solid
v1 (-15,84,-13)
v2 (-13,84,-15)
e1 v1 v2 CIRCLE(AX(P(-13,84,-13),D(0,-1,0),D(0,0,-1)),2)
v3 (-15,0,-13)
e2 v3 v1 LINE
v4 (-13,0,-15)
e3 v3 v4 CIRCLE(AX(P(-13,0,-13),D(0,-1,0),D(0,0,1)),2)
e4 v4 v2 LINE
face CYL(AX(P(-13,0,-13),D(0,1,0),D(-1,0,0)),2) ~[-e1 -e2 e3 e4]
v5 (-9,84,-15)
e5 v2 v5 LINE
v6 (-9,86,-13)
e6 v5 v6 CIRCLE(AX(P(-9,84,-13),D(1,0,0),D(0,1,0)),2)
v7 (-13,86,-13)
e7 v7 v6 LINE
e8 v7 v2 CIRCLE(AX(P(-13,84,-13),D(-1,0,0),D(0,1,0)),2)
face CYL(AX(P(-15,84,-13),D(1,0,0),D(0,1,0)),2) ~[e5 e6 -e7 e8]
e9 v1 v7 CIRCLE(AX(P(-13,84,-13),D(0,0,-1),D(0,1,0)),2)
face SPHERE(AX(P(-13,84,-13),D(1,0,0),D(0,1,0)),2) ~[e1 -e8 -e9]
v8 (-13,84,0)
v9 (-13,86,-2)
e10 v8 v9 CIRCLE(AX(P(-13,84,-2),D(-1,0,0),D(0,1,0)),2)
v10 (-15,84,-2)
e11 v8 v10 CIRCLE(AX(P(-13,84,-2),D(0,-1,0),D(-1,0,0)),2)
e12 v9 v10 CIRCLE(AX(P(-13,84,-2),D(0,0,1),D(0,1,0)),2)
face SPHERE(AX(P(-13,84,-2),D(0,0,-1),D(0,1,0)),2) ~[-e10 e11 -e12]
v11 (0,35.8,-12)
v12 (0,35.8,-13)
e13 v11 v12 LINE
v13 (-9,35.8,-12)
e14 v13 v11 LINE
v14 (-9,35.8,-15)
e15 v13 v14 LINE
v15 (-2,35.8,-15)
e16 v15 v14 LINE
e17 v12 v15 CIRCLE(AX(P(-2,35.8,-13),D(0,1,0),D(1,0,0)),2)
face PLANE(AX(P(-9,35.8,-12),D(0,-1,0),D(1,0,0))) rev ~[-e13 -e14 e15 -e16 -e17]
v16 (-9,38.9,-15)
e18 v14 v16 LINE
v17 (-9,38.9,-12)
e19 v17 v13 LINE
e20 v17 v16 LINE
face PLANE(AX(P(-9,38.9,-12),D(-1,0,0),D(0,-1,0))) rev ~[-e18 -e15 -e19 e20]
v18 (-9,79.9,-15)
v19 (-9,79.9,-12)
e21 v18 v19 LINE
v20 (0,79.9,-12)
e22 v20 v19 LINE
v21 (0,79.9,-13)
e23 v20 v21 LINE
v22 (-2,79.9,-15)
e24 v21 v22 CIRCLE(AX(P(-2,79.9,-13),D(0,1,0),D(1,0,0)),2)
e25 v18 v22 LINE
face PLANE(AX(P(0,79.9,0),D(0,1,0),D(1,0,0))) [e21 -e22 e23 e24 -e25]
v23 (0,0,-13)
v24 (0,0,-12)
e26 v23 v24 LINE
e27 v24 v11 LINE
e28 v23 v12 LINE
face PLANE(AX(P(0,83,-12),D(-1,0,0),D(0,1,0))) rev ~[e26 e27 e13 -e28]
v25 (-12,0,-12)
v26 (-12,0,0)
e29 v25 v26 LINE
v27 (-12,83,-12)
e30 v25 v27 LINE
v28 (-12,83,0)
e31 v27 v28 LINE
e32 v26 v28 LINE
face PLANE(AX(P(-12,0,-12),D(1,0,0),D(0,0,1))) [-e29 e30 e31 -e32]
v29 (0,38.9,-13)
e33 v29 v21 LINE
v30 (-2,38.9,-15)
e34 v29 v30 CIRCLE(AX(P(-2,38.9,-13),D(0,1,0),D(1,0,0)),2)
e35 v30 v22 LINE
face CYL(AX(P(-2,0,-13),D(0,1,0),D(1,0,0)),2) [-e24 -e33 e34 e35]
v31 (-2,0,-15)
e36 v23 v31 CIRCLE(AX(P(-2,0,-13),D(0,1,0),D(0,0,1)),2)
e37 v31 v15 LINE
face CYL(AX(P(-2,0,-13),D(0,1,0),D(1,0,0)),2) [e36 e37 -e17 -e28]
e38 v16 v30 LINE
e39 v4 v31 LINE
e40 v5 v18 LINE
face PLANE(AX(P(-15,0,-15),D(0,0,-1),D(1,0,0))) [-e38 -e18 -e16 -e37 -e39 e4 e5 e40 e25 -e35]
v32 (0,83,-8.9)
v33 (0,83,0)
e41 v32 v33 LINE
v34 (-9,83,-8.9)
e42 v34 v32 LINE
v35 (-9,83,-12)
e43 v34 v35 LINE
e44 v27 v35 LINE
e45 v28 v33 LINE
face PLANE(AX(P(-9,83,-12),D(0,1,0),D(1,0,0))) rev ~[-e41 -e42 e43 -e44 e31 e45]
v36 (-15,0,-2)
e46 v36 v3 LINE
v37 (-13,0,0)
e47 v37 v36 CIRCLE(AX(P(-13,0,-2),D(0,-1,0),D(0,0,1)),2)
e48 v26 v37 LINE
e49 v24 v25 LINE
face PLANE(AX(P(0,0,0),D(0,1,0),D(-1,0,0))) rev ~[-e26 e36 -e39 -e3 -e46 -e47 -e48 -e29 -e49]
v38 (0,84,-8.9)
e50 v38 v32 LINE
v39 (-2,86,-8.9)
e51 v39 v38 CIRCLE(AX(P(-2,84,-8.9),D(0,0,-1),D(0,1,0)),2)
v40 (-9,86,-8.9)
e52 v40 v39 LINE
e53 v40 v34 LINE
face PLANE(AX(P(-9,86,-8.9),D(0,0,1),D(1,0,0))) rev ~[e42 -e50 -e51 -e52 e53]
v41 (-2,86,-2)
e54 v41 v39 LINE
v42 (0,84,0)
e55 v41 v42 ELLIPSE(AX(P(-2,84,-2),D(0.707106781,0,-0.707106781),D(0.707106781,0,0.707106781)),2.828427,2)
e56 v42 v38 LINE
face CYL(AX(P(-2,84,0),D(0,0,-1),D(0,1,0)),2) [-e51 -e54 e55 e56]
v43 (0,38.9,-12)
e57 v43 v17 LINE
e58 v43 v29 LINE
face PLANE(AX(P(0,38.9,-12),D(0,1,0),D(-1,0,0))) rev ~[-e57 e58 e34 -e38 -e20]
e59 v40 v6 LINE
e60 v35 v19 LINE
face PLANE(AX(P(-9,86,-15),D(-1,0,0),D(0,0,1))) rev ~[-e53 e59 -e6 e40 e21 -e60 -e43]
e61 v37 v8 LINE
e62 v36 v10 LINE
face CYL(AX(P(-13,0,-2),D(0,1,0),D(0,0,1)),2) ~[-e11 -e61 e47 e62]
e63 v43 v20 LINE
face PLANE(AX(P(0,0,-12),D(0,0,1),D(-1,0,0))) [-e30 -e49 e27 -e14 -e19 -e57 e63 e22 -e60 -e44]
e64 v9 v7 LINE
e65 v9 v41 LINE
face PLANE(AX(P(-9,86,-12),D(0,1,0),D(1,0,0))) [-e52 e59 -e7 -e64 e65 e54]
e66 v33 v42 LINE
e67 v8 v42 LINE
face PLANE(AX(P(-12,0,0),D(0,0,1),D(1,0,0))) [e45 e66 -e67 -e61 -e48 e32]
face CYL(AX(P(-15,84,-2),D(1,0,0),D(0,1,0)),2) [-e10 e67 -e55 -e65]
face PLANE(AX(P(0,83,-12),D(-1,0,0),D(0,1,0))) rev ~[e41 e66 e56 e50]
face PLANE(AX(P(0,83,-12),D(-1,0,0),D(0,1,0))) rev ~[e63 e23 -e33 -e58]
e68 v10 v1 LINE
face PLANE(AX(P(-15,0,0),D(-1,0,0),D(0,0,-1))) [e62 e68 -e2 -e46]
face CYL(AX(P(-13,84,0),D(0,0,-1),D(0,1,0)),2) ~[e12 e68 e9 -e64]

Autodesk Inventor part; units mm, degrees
ref_plane "YZ Plane" through (0, 0, 0) normal (1, 0, 0) x (0, 1, 0)
ref_plane "XZ Plane" through (0, 0, 0) normal (0, 1, 0) x (-1, 0, 0)
ref_plane "XY Plane" through (0, 0, 0) normal (0, 0, 1) x (1, 0, 0)
sketch "Sketch1" plane through (0, 0, 0) normal (0, 1, 0) x (-1, 0, 0)
  line L0 (15, 0) -> (15, -15)
  line L1 (15, -15) -> (0, -15)
  line L2 (0, -15) -> (0, -12)
  line L3 (0, -12) -> (12, -12)
  line L4 (12, -12) -> (12, 0)
  line L5 (12, 0) -> (15, 0)
  point P0 (0, 0)
  dimension "d0" = 15
  dimension "d1" = 15
  dimension "d10" = 3
  dimension "d11" = 12
  dimension "d12" = 12
extrude "Extrusion1" add sketch "Sketch1" along normal blind 86
sketch "Sketch4" plane through (-12, 0, 0) normal (1, 0, 0) x (0, 0, -1)
  line L0 (0, 0) -> (0, 86) projected
  line L1 (12, 0) -> (12, 86) projected
  line L2 (0, 86) -> (12, 86)
  line L3 (12, 86) -> (12, 83)
  line L4 (12, 83) -> (0, 83)
  line L5 (0, 83) -> (0, 86)
  dimension "d13" = 3
extrude "Extrusion3" add sketch "Sketch4" along normal blind 3
sketch "Sketch6" plane through (-12, 0, -12) normal (0, 0, 1) x (1, 0, 0)
  line L0 (3, 86) -> (12, 86) projected
  line L1 (12, 86) -> (3, 86)
  line L2 (3, 86) -> (3, 83)
  line L3 (3, 83) -> (12, 83)
  line L4 (12, 83) -> (12, 86)
  point P0 (12, 0)
extrude "Extrusion4" add sketch "Sketch6" along normal blind 12
fillet "Fillet3" radius 2 7 edges at (-7.5, 86, -15) (-15, 86, -7.5) (-15, 43, -15) (0, 43, -15) (-7.5, 86, 0) (0, 86, -7.5) (-15, 43, 0)
sketch "Sketch11" plane through (0, 86, 0) normal (0, 1, 0) x (1, 0, 0)
  arc A0 (-15, 2) -> (-13, 0) centre (-13, 2) ccw projected
  line L0 (0, 10.8348) -> (0, 14)
  line L1 (0, 9) -> (0, 10.8348)
  line L2 (-9, 15) -> (0, 15)
  line L3 (0, 15) -> (0, 9)
  line L4 (-9, 15) -> (-9, 9)
  line L5 (-9, 9) -> (-9, 8.9)
  line L6 (-9, 8.9) -> (0, 8.9)
  line L7 (0, 8.9) -> (0, 9)
  point P0 (-13, 0)
  point P1 (0, 15)
extrude "Extrusion7" cut sketch "Sketch11" against normal blind 6.1
sketch "Sketch12" plane through (-12, 0, -12) normal (0, 0, 1) x (1, 0, 0)
  line L0 (12, 33) -> (21, 33) construction
  line L1 (3, 38.9) -> (3, 35.8)
  line L2 (3, 35.8) -> (12, 35.8)
  line L3 (3, 35.8) -> (12, 35.8) construction
  line L4 (12, 35.8) -> (12, 38.9)
  line L5 (12, 79.9) -> (12, 0) projected
  line L6 (12, 38.9) -> (3, 38.9)
  dimension "d49" = 3.1
extrude "Extrusion8" cut sketch "Sketch12" against normal through all
properties part number "DoosjeHoeken" material "ABS Plastic"
